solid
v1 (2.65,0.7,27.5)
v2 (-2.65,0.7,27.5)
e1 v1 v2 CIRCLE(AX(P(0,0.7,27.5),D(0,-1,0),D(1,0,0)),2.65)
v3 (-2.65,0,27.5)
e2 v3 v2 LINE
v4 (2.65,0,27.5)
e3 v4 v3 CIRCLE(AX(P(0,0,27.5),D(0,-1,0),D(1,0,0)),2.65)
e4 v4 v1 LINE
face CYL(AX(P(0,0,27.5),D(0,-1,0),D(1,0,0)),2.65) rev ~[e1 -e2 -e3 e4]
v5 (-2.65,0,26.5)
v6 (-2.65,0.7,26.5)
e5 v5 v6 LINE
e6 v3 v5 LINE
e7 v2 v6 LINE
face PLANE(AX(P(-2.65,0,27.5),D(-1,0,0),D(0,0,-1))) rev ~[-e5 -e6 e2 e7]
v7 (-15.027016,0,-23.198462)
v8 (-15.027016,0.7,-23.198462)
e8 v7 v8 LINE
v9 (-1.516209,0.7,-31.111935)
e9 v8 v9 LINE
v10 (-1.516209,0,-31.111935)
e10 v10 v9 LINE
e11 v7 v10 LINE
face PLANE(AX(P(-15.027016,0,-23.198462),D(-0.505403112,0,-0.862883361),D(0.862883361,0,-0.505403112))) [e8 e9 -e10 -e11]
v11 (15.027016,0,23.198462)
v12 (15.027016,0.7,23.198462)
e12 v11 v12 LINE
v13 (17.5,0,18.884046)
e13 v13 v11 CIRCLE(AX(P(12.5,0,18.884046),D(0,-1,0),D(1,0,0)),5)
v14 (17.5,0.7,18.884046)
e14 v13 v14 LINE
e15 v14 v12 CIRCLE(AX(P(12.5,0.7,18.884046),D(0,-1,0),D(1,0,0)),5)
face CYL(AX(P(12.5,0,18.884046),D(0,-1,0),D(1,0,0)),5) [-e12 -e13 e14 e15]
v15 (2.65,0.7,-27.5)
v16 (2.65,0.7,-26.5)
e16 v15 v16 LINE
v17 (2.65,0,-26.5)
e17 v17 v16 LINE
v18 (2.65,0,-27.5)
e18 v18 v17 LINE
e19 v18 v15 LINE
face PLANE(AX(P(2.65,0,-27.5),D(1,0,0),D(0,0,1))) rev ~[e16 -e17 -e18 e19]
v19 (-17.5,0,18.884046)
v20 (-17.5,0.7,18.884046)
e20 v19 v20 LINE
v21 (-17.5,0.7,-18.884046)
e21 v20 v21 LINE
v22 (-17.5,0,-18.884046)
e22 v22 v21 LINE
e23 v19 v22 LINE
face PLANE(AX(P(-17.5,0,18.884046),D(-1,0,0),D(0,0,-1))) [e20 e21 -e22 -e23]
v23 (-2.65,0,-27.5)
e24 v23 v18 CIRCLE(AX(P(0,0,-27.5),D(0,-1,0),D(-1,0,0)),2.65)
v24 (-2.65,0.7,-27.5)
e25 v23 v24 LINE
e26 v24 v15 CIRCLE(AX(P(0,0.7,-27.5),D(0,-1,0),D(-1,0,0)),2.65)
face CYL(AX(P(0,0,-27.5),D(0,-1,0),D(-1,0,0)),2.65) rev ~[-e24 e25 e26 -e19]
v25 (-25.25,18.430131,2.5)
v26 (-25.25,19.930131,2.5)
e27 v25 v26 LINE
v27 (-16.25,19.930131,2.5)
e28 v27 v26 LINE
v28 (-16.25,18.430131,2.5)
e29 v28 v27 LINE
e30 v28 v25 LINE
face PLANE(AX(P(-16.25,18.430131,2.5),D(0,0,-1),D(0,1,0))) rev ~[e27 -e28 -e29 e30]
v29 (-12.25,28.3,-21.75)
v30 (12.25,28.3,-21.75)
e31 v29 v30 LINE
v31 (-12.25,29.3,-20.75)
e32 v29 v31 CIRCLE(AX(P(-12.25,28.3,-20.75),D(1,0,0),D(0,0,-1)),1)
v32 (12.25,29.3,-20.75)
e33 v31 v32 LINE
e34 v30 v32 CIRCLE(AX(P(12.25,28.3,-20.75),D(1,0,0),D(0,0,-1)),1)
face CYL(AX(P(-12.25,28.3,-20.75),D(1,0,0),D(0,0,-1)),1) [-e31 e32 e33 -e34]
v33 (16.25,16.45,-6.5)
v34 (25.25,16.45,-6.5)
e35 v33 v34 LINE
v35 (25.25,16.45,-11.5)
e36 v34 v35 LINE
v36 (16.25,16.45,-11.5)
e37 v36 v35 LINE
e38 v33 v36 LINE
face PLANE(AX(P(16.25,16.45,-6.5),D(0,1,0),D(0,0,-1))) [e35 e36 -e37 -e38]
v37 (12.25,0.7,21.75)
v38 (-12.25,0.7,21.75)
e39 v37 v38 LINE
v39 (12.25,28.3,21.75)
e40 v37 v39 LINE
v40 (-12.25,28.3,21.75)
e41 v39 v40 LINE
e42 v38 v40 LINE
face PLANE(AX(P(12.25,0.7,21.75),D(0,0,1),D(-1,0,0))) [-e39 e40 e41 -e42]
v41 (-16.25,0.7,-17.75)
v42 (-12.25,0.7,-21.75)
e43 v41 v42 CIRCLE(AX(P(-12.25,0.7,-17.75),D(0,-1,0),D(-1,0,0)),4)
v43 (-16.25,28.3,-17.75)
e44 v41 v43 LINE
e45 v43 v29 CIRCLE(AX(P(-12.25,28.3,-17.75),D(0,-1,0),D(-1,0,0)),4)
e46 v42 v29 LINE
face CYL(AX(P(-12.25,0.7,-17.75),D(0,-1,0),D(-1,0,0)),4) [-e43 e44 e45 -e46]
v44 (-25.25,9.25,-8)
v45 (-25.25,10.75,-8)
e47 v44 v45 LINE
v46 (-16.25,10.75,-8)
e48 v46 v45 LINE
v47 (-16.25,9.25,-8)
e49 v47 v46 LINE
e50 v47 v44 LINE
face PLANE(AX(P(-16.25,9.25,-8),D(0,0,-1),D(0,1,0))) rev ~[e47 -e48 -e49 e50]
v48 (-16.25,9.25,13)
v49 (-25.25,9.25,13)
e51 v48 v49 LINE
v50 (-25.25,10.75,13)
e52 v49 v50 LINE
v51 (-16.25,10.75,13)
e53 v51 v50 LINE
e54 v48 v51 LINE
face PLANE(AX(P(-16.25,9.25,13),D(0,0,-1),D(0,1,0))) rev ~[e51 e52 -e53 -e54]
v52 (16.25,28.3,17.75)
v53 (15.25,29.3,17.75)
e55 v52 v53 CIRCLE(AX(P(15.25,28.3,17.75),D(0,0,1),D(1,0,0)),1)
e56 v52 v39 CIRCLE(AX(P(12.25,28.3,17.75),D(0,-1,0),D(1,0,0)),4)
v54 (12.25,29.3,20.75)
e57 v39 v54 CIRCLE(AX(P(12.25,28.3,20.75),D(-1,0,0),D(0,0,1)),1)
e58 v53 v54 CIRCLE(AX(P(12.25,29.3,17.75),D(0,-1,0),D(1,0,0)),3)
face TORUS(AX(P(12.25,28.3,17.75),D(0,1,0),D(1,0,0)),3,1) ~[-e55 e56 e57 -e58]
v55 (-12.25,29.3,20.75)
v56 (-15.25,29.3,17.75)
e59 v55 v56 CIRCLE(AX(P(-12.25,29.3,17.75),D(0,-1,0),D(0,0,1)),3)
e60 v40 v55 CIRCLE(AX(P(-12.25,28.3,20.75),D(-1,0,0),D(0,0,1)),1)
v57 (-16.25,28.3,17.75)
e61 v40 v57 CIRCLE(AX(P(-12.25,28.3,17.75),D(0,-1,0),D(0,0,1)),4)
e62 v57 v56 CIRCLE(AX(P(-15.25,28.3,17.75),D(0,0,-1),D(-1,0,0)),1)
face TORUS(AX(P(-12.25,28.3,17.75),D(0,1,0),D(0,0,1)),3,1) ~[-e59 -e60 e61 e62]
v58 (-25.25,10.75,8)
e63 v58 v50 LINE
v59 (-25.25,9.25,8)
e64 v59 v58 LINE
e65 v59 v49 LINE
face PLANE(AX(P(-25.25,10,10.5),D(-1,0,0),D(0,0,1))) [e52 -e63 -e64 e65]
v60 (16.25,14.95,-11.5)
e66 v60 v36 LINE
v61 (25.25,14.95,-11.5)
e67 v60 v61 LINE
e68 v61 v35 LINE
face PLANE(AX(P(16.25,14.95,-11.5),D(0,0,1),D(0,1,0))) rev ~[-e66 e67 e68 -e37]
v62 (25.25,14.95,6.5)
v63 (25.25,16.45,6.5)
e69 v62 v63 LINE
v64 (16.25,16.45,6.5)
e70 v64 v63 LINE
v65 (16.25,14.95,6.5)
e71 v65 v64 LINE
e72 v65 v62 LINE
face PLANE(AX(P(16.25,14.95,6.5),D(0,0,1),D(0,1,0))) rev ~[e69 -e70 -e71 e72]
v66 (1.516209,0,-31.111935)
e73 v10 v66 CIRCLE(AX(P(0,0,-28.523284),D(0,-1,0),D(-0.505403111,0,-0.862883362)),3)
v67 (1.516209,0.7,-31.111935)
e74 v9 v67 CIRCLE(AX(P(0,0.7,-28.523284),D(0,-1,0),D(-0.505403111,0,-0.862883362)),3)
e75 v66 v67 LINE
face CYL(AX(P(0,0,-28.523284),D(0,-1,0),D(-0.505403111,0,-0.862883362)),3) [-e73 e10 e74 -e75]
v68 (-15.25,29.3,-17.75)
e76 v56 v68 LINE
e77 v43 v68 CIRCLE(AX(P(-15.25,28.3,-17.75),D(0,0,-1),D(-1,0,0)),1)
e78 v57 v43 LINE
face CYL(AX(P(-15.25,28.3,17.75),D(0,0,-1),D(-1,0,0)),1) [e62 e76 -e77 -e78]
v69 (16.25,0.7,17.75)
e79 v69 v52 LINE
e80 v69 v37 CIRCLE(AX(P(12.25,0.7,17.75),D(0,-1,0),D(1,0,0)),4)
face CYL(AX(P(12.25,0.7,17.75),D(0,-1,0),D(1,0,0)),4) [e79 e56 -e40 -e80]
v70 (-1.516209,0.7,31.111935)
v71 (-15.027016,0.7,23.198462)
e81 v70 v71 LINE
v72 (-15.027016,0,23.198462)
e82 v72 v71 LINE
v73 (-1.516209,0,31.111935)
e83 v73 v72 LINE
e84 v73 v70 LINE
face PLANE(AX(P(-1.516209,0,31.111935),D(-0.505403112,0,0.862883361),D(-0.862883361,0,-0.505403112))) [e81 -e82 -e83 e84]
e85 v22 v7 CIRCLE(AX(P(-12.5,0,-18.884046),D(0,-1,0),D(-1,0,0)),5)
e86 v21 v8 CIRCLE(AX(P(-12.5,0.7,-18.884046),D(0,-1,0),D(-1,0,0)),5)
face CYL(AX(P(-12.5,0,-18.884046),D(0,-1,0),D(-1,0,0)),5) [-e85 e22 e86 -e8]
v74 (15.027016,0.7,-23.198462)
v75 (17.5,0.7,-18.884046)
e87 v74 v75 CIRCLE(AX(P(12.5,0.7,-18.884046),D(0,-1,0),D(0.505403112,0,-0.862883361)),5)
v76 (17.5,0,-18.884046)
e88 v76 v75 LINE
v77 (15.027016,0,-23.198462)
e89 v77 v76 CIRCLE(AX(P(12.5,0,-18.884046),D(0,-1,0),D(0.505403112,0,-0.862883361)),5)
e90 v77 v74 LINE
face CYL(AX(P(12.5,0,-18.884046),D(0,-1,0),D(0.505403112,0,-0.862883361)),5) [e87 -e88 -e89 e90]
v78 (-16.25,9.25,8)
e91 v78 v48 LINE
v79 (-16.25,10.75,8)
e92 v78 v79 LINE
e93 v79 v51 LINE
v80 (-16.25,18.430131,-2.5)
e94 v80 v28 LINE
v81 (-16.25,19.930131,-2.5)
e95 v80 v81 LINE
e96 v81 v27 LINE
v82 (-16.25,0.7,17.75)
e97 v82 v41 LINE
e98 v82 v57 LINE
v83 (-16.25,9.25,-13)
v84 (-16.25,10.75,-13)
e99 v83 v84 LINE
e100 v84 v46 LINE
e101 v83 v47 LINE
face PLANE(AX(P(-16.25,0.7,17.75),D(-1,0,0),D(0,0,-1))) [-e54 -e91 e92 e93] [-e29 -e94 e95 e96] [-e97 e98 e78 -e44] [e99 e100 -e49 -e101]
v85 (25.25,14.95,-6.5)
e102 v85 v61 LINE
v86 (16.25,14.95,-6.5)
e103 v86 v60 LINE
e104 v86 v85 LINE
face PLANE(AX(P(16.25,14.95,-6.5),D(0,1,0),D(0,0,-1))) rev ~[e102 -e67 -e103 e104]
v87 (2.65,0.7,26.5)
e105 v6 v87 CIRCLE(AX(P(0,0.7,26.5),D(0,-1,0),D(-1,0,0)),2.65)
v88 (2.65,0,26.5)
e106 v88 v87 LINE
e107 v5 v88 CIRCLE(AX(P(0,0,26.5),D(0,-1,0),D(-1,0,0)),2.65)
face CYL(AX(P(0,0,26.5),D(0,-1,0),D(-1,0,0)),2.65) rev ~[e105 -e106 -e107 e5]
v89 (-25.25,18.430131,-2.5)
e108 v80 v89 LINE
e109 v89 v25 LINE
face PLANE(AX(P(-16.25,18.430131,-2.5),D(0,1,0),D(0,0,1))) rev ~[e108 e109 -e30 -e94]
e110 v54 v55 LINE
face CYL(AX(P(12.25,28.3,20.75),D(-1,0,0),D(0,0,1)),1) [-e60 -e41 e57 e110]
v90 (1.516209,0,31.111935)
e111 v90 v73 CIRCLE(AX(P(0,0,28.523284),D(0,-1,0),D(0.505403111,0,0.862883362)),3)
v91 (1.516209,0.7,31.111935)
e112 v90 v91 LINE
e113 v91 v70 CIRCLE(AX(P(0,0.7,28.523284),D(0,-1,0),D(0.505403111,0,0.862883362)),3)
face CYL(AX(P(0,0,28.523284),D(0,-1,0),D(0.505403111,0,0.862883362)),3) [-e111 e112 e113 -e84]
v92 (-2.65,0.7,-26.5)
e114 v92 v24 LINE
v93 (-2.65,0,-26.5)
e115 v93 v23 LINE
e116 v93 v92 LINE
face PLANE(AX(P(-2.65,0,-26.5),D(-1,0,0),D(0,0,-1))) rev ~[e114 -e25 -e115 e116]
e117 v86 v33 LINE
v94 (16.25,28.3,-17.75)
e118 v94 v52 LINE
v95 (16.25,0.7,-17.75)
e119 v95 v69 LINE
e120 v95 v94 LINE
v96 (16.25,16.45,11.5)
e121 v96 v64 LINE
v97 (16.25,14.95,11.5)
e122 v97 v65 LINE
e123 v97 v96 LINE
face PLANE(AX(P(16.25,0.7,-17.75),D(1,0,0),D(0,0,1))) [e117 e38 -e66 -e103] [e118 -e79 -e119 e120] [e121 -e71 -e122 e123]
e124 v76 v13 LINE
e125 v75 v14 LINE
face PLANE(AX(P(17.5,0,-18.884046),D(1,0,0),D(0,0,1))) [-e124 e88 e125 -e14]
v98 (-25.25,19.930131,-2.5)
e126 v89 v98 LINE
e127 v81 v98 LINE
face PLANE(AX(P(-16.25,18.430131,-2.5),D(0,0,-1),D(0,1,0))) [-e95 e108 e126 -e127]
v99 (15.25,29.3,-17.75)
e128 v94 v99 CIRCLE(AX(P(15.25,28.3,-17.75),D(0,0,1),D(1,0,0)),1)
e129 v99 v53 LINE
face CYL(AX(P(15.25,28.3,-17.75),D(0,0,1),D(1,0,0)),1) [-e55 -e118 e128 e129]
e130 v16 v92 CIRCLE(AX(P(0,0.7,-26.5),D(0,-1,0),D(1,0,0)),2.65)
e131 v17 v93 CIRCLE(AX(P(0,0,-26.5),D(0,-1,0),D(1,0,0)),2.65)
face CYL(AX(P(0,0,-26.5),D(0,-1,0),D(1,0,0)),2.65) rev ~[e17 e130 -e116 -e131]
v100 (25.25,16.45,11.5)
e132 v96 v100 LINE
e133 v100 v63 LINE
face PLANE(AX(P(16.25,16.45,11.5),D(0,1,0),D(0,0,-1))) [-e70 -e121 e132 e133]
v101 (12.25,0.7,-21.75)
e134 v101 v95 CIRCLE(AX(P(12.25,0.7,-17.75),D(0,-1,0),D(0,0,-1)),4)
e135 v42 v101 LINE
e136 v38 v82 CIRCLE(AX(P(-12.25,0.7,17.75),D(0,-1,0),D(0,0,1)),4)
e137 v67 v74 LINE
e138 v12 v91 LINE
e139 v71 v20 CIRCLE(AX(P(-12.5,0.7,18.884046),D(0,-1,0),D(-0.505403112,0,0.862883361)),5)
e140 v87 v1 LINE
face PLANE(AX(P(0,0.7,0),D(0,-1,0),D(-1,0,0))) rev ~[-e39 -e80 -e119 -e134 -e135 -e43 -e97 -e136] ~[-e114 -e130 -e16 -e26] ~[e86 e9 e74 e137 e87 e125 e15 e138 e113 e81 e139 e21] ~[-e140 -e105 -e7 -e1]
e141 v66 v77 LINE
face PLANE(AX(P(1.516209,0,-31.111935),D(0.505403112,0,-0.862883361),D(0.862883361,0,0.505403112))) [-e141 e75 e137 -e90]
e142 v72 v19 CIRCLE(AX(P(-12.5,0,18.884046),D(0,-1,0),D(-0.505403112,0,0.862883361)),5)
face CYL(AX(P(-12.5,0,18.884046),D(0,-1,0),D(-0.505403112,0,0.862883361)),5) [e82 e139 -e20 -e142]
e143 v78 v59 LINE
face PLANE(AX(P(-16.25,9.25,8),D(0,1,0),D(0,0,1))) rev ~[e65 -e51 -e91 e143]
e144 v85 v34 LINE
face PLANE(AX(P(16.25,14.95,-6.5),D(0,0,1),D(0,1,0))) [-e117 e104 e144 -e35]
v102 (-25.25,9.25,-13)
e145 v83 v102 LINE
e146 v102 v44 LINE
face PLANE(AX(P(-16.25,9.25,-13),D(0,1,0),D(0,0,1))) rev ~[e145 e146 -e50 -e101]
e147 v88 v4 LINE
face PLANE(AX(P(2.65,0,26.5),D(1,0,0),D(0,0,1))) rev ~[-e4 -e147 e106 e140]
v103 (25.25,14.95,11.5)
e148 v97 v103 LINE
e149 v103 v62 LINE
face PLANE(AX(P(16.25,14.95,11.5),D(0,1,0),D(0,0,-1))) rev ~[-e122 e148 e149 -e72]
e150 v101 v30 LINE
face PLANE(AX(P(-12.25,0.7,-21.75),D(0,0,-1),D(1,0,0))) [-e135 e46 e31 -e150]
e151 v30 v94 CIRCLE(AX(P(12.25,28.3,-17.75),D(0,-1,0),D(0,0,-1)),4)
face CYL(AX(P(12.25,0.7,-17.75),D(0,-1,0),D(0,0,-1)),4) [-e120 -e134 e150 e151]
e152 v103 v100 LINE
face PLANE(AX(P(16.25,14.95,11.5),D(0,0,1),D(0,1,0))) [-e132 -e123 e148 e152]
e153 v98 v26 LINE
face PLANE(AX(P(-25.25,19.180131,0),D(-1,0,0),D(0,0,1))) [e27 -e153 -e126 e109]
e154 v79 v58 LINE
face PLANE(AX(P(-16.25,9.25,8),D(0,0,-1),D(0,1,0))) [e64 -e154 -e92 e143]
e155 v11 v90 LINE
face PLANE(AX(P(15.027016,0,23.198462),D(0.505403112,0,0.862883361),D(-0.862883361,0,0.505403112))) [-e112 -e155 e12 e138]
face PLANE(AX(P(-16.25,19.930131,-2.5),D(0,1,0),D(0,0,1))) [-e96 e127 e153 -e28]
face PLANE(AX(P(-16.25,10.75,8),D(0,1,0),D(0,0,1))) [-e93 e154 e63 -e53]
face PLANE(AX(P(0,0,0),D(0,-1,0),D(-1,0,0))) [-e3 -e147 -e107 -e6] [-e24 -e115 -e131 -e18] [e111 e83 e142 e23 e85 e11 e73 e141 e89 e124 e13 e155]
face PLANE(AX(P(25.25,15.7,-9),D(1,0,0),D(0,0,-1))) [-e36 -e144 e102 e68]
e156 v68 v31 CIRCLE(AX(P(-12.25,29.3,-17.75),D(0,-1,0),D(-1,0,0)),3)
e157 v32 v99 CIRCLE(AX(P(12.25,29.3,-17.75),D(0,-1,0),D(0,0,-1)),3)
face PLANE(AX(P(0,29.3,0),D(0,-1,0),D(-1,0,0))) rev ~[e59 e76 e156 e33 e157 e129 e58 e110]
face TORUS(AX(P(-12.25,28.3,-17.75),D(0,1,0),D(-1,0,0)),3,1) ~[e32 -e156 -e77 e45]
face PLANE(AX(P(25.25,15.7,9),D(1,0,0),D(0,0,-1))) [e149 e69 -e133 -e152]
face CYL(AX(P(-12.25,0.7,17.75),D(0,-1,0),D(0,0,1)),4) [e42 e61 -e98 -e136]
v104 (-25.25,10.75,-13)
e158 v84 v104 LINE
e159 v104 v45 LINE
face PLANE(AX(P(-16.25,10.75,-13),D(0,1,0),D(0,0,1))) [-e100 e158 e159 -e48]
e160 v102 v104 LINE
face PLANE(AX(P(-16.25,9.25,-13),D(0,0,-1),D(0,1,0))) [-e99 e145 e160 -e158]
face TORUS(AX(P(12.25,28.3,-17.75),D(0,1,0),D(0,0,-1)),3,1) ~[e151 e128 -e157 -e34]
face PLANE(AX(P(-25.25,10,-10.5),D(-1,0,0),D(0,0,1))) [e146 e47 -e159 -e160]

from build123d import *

# Parameters (mm, degrees)
BOSS_EXTRUDE1_DEPTH = 0.7
BOSS_EXTRUDE2_DEPTH = 28.6
SKETCH3_W           = 5
SKETCH3_H           = 1.5
BOSS_EXTRUDE3_DEPTH = 9
SKETCH4_W           = 5
SKETCH4_H           = 1.5
BOSS_EXTRUDE4_DEPTH = 9
FILLET1_R           = 1


with BuildPart() as part:
    # Sketch1 → Boss-Extrude1 (new body)
    with BuildSketch(Plane(origin=(0, 0, 0), x_dir=(1, 0, 0), z_dir=(0, 1, 0))):
        with BuildLine():
            Line((-17.5, 0), (-17.5, 18.884045511))
            ThreePointArc((-17.5, 18.884045511), (-16.837918728, 21.370501041), (-15.027015558, 23.198462316))
            Line((-15.027015558, 23.198462316), (-1.516209335, 31.111934533))
            ThreePointArc((-1.516209335, 31.111934533), (0, 31.523284449), (1.516209335, 31.111934533))
            Line((1.516209335, 31.111934533), (15.027015558, 23.198462316))
            ThreePointArc((15.027015558, 23.198462316), (16.837918728, 21.370501041), (17.5, 18.884045511))
            Line((17.5, 18.884045511), (17.5, 0))
            Line((17.5, 0), (17.5, -18.884045511))
            ThreePointArc((17.5, -18.884045511), (16.837918728, -21.370501041), (15.027015558, -23.198462316))
            Line((15.027015558, -23.198462316), (1.516209335, -31.111934533))
            ThreePointArc((1.516209335, -31.111934533), (0, -31.523284449), (-1.516209335, -31.111934533))
            Line((-1.516209335, -31.111934533), (-15.027015558, -23.198462316))
            ThreePointArc((-15.027015558, -23.198462316), (-16.837918728, -21.370501041), (-17.5, -18.884045511))
            Line((-17.5, -18.884045511), (-17.5, 0))
        make_face()
        with BuildLine():
            Line((2.65, 27.5), (2.65, 26.5))
            ThreePointArc((2.65, 26.5), (0, 23.85), (-2.65, 26.5))
            Line((-2.65, 26.5), (-2.65, 27.5))
            ThreePointArc((-2.65, 27.5), (0, 30.15), (2.65, 27.5))
        make_face(mode=Mode.SUBTRACT)
        with BuildLine():
            Line((2.65, -26.5), (2.65, -27.5))
            ThreePointArc((2.65, -27.5), (0, -30.15), (-2.65, -27.5))
            Line((-2.65, -27.5), (-2.65, -26.5))
            ThreePointArc((-2.65, -26.5), (0, -23.85), (2.65, -26.5))
        make_face(mode=Mode.SUBTRACT)
    extrude(amount=BOSS_EXTRUDE1_DEPTH)

    # Sketch2 → Boss-Extrude2 (add)
    with BuildSketch(Plane(origin=(0, 0.7, 0), x_dir=(1, 0, 0), z_dir=(0, 1, 0))):
        with BuildLine():
            Line((-12.25, 21.75), (12.25, 21.75))
            ThreePointArc((12.25, 21.75), (15.078427125, 20.578427125), (16.25, 17.75))
            Line((16.25, 17.75), (16.25, -17.75))
            ThreePointArc((16.25, -17.75), (15.078427125, -20.578427125), (12.25, -21.75))
            Line((12.25, -21.75), (-12.25, -21.75))
            ThreePointArc((-12.25, -21.75), (-15.078427125, -20.578427125), (-16.25, -17.75))
            Line((-16.25, -17.75), (-16.25, 17.75))
            ThreePointArc((-16.25, 17.75), (-15.078427125, 20.578427125), (-12.25, 21.75))
        make_face()
    extrude(amount=BOSS_EXTRUDE2_DEPTH)

    # Sketch3 → Boss-Extrude3 (add)
    with BuildSketch(Plane.ZY.offset(16.25)):
        with Locations((-10.5, 10)):
            Rectangle(SKETCH3_W, SKETCH3_H)
        with Locations((10.5, 10)):
            Rectangle(SKETCH3_W, SKETCH3_H)
        with Locations((0, 19.18013067)):
            Rectangle(SKETCH3_W, SKETCH3_H)
    extrude(amount=BOSS_EXTRUDE3_DEPTH)

    # Sketch4 → Boss-Extrude4 (add)
    with BuildSketch(Plane(origin=(16.25, 0, 0), x_dir=(0, 0, -1), z_dir=(1, 0, 0))):
        with Locations((-9, 15.7)):
            Rectangle(SKETCH4_W, SKETCH4_H)
        with Locations((9, 15.7)):
            Rectangle(SKETCH4_W, SKETCH4_H)
    extrude(amount=BOSS_EXTRUDE4_DEPTH)

    # Fillet1
    fillet1_edges = [part.edges().sort_by_distance(p)[0] for p in [
        (-15.078427125, 29.3, 20.578427125),
        (0, 29.3, 21.75),
        (15.078427125, 29.3, 20.578427125),
        (16.25, 29.3, 0),
        (15.078427125, 29.3, -20.578427125),
        (0, 29.3, -21.75),
        (-15.078427125, 29.3, -20.578427125),
        (-16.25, 29.3, 0),
    ]]
    fillet(fillet1_edges, radius=FILLET1_R)


solid = part.part
